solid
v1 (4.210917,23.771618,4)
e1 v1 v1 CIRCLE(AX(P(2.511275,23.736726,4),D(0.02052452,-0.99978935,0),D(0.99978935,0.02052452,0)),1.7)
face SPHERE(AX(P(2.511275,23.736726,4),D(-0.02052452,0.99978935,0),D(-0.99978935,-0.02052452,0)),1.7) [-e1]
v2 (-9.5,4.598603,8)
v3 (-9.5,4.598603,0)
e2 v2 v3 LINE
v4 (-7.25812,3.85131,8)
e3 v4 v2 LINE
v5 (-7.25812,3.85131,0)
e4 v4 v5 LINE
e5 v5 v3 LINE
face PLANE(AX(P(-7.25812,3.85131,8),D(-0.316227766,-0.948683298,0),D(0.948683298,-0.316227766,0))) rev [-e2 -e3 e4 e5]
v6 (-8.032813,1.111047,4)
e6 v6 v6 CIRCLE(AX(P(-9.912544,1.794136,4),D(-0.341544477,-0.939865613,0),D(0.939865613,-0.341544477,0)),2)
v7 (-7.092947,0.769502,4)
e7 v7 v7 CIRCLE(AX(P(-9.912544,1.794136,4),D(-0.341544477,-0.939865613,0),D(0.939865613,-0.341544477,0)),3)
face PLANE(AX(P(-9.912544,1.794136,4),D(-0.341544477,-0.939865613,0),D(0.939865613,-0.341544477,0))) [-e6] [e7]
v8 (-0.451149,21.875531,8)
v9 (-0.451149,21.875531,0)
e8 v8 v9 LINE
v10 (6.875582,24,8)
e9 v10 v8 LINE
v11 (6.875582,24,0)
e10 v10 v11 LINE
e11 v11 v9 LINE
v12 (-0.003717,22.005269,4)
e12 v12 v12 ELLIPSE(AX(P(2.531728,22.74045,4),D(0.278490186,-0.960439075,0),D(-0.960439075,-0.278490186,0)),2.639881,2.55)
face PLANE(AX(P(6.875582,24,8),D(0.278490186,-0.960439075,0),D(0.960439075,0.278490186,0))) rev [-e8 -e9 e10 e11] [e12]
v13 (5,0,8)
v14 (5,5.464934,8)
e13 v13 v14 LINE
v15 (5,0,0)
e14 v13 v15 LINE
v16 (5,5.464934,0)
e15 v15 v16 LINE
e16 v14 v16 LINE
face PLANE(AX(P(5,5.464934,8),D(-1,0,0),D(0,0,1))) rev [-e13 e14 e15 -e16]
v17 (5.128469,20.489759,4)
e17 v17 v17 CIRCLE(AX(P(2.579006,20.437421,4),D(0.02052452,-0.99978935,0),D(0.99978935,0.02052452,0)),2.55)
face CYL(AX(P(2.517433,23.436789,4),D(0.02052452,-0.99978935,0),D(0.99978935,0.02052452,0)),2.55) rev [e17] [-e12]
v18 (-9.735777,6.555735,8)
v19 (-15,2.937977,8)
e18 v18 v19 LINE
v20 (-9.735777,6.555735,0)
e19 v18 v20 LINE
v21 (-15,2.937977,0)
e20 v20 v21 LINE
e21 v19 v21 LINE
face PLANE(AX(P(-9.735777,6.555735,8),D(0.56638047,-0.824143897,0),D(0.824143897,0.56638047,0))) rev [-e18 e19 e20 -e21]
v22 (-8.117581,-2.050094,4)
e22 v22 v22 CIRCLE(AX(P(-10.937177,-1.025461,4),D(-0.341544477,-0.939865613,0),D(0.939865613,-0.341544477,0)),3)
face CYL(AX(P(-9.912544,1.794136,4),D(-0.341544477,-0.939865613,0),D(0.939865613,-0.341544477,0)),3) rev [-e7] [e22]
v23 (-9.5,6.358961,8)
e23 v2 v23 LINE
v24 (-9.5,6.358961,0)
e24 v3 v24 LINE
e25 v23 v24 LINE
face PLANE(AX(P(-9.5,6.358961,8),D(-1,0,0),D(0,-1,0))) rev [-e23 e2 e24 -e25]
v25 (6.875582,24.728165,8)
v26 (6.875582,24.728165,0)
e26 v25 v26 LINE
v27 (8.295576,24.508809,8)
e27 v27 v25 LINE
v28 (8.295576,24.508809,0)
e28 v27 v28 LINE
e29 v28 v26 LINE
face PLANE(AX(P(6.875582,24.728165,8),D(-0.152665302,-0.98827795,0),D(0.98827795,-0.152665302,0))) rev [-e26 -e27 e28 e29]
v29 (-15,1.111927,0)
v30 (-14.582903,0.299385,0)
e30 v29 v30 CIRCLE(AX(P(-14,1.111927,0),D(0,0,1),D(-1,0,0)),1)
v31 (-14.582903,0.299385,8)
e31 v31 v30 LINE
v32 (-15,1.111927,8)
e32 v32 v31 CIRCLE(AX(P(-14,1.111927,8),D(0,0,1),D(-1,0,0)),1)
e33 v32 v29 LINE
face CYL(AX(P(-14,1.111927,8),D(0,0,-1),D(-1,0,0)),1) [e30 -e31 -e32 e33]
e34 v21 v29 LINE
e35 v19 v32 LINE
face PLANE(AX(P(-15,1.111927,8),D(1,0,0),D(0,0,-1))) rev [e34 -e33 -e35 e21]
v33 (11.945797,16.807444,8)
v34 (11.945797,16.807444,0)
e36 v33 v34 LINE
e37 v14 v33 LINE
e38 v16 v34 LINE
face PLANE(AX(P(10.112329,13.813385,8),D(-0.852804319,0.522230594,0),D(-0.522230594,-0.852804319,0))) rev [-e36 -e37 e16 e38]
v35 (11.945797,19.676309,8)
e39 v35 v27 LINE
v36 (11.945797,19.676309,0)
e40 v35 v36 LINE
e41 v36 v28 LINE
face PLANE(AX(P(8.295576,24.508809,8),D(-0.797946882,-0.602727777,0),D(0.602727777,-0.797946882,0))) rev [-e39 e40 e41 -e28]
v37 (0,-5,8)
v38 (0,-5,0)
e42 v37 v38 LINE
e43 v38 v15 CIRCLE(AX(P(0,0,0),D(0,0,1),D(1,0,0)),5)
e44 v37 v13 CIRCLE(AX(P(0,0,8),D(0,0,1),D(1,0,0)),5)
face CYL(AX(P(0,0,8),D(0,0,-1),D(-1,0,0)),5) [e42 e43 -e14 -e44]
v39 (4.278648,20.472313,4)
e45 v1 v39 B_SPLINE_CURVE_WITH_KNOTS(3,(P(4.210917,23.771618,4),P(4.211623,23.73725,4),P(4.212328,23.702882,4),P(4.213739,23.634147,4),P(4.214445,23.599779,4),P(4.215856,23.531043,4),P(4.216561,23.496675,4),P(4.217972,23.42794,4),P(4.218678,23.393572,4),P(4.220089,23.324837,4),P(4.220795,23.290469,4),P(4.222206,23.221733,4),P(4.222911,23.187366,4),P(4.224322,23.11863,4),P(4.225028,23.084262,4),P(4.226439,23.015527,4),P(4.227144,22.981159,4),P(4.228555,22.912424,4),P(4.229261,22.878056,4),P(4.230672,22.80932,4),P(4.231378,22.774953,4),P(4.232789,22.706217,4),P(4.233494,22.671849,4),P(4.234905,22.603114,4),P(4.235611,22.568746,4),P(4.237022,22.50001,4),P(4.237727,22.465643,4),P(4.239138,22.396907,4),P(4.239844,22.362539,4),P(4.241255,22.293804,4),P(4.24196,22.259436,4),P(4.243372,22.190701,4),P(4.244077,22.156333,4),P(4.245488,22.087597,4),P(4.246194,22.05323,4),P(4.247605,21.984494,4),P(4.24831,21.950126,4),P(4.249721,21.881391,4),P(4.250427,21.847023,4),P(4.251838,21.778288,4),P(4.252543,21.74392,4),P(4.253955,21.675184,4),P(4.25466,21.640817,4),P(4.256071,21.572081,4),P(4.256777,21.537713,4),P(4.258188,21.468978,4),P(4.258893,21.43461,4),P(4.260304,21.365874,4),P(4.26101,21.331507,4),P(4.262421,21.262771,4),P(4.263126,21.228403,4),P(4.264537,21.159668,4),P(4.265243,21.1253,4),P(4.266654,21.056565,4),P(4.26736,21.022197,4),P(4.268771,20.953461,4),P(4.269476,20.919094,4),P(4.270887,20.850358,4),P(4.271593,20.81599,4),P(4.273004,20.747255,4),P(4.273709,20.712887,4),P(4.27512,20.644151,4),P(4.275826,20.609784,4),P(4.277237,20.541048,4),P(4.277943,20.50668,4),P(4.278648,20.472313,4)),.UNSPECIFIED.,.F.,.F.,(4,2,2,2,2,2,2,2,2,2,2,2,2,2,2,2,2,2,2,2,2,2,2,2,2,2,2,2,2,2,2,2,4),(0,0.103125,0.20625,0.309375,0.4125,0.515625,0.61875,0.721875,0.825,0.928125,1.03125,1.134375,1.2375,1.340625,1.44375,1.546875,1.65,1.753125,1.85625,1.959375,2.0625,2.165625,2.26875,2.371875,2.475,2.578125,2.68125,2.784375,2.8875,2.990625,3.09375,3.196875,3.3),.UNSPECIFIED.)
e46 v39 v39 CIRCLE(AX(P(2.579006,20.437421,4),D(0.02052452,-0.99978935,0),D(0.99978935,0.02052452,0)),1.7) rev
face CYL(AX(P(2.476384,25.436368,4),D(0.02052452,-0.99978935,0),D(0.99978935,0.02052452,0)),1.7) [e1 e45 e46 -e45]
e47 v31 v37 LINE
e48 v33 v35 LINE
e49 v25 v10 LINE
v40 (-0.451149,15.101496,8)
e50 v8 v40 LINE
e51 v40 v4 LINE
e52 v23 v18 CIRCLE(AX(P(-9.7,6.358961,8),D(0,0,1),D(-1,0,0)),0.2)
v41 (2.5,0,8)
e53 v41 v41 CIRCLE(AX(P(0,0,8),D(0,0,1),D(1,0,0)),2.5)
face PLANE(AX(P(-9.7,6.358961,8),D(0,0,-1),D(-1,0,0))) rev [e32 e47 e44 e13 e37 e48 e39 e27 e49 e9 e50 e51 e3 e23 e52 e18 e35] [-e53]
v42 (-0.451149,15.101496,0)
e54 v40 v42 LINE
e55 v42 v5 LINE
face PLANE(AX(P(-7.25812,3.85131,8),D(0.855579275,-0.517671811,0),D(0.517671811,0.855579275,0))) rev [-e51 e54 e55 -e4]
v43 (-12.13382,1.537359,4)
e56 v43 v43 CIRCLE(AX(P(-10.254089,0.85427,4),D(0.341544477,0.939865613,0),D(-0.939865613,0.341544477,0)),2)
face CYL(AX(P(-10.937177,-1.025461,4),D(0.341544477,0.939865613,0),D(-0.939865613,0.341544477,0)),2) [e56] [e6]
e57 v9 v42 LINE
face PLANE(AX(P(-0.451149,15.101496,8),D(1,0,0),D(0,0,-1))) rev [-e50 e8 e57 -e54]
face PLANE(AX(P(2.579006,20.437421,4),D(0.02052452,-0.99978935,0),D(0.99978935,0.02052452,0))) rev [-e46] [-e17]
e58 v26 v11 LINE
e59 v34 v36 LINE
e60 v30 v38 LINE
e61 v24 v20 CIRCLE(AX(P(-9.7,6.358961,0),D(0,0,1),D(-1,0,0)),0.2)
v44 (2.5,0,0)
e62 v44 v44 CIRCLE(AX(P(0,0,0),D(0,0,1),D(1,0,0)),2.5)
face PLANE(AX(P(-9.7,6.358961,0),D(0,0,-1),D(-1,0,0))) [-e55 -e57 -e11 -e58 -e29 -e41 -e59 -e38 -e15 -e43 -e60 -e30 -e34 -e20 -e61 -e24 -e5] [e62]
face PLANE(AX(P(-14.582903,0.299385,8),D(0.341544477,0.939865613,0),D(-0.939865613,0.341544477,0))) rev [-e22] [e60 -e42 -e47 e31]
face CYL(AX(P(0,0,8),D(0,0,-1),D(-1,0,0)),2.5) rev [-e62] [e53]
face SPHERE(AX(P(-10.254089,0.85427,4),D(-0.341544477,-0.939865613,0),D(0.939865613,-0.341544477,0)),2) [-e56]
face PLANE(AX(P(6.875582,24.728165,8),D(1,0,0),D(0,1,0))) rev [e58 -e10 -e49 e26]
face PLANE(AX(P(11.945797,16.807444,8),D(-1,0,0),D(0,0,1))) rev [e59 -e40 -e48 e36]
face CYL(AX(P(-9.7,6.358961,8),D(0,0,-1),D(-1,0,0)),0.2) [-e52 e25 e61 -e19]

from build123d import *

# Parameters (mm, degrees)
SKETCH_1_R          = 2.5
EXTRUDE_1_DEPTH     = 8
SKETCH_5_R          = 3
CUT_EXTRUDE_2_DEPTH = 3
SKETCH_7_R          = 2
EXTRUDE_3_DEPTH     = 3
FILLET_5_R          = 2
SKETCH_9_R          = 2.55
CUT_EXTRUDE_3_DEPTH = 1.5
SKETCH_10_R         = 1.7
EXTRUDE_4_DEPTH     = 5
FILLET_6_R          = 1.7


with BuildPart() as part:
    # 스케치1 → 보스-돌출1 (new body)
    with BuildSketch(Plane.XY):
        with BuildLine():
            Line((6.875581969, 24), (-0.451148657, 21.875531488))
            Line((-0.451148657, 21.875531488), (-0.451148657, 15.101495802))
            Line((-0.451148657, 15.101495802), (-7.258120431, 3.851310171))
            Line((-7.258120431, 3.851310171), (-9.5, 4.598603361))
            Line((-9.5, 4.598603361), (-9.5, 6.358960817))
            ThreePointArc((-9.5, 6.358960817), (-9.571850512, 6.512511163), (-9.735777088, 6.555734799))
            Line((-9.735777088, 6.555734799), (-15, 2.937976957))
            Line((-15, 2.937976957), (-15, 1.111926907))
            ThreePointArc((-15, 1.111926907), (-14.889635684, 0.655255963), (-14.582903299, 0.299385373))
            Line((-14.582903299, 0.299385373), (0, -5))
            ThreePointArc((0, -5), (3.535533906, -3.535533906), (5, 0))
            Line((5, 0), (5, 3.83484861))
            Line((5, 3.83484861), (5, 5.464934457))
            Line((5, 5.464934457), (10.112329073, 13.81338505))
            Line((10.112329073, 13.81338505), (11.945796901, 16.807444187))
            Line((11.945796901, 16.807444187), (11.945796901, 19.676308628))
            Line((11.945796901, 19.676308628), (8.295575886, 24.508809453))
            Line((8.295575886, 24.508809453), (6.875581969, 24.728164545))
            Line((6.875581969, 24.728164545), (6.875581969, 24))
        make_face()
        Circle(SKETCH_1_R, mode=Mode.SUBTRACT)
    extrude(amount=EXTRUDE_1_DEPTH)

    # 스케치5 → 컷-돌출2 (cut)
    with BuildSketch(Plane(origin=(-1.605029546, -4.416736851, 0), x_dir=(0.9398656128397294, -0.34154447704713375, 0), z_dir=(-0.34154447704713375, -0.9398656128397295, 0))):
        with Locations((-9.929236479, 4)):
            Circle(SKETCH_5_R)
    extrude(amount=-CUT_EXTRUDE_2_DEPTH, mode=Mode.SUBTRACT)

    # 스케치7 → 보스-돌출3 (add)
    with BuildSketch(Plane(origin=(-0.580396115, -1.597140012, 0), x_dir=(0.9398656128397294, -0.34154447704713387, 0), z_dir=(-0.34154447704713387, -0.9398656128397294, 0))):
        with Locations((-9.929236479, 4)):
            Circle(SKETCH_7_R)
    extrude(amount=EXTRUDE_3_DEPTH)

    # 필렛5
    fillet_5_edges = [part.edges().sort_by_distance(p)[0] for p in [
        (-12.8169087, -0.342372016, 4),
    ]]
    fillet(fillet_5_edges, radius=FILLET_5_R)

    # 스케치9 → 컷-돌출3 (cut, symmetric)
    with BuildSketch(Plane(origin=(-0.449080246, 21.87557395, 0), x_dir=(-0.9997893498603082, -0.02052451962658901, 0), z_dir=(0.02052451962658901, -0.9997893498603082, 0))):
        with Locations(Location((-2.997931152, -4, 0), (0, 0, 180))):
            Circle(SKETCH_9_R)
    extrude(amount=CUT_EXTRUDE_3_DEPTH, both=True, mode=Mode.SUBTRACT)

    # 스케치10 → 보스-돌출4 (add)
    with BuildSketch(Plane(origin=(-0.418293466, 20.375889925, 0), x_dir=(0.9997893498603082, 0.020524519626589015, 0), z_dir=(-0.020524519626589015, 0.9997893498603082, 0))):
        with Locations((2.997931152, -4)):
            Circle(SKETCH_10_R)
    extrude(amount=EXTRUDE_4_DEPTH)

    # 필렛6
    fillet_6_edges = [part.edges().sort_by_distance(p)[0] for p in [
        (0.776741679, 25.401476088, 4),
    ]]
    fillet(fillet_6_edges, radius=FILLET_6_R)


solid = part.part
